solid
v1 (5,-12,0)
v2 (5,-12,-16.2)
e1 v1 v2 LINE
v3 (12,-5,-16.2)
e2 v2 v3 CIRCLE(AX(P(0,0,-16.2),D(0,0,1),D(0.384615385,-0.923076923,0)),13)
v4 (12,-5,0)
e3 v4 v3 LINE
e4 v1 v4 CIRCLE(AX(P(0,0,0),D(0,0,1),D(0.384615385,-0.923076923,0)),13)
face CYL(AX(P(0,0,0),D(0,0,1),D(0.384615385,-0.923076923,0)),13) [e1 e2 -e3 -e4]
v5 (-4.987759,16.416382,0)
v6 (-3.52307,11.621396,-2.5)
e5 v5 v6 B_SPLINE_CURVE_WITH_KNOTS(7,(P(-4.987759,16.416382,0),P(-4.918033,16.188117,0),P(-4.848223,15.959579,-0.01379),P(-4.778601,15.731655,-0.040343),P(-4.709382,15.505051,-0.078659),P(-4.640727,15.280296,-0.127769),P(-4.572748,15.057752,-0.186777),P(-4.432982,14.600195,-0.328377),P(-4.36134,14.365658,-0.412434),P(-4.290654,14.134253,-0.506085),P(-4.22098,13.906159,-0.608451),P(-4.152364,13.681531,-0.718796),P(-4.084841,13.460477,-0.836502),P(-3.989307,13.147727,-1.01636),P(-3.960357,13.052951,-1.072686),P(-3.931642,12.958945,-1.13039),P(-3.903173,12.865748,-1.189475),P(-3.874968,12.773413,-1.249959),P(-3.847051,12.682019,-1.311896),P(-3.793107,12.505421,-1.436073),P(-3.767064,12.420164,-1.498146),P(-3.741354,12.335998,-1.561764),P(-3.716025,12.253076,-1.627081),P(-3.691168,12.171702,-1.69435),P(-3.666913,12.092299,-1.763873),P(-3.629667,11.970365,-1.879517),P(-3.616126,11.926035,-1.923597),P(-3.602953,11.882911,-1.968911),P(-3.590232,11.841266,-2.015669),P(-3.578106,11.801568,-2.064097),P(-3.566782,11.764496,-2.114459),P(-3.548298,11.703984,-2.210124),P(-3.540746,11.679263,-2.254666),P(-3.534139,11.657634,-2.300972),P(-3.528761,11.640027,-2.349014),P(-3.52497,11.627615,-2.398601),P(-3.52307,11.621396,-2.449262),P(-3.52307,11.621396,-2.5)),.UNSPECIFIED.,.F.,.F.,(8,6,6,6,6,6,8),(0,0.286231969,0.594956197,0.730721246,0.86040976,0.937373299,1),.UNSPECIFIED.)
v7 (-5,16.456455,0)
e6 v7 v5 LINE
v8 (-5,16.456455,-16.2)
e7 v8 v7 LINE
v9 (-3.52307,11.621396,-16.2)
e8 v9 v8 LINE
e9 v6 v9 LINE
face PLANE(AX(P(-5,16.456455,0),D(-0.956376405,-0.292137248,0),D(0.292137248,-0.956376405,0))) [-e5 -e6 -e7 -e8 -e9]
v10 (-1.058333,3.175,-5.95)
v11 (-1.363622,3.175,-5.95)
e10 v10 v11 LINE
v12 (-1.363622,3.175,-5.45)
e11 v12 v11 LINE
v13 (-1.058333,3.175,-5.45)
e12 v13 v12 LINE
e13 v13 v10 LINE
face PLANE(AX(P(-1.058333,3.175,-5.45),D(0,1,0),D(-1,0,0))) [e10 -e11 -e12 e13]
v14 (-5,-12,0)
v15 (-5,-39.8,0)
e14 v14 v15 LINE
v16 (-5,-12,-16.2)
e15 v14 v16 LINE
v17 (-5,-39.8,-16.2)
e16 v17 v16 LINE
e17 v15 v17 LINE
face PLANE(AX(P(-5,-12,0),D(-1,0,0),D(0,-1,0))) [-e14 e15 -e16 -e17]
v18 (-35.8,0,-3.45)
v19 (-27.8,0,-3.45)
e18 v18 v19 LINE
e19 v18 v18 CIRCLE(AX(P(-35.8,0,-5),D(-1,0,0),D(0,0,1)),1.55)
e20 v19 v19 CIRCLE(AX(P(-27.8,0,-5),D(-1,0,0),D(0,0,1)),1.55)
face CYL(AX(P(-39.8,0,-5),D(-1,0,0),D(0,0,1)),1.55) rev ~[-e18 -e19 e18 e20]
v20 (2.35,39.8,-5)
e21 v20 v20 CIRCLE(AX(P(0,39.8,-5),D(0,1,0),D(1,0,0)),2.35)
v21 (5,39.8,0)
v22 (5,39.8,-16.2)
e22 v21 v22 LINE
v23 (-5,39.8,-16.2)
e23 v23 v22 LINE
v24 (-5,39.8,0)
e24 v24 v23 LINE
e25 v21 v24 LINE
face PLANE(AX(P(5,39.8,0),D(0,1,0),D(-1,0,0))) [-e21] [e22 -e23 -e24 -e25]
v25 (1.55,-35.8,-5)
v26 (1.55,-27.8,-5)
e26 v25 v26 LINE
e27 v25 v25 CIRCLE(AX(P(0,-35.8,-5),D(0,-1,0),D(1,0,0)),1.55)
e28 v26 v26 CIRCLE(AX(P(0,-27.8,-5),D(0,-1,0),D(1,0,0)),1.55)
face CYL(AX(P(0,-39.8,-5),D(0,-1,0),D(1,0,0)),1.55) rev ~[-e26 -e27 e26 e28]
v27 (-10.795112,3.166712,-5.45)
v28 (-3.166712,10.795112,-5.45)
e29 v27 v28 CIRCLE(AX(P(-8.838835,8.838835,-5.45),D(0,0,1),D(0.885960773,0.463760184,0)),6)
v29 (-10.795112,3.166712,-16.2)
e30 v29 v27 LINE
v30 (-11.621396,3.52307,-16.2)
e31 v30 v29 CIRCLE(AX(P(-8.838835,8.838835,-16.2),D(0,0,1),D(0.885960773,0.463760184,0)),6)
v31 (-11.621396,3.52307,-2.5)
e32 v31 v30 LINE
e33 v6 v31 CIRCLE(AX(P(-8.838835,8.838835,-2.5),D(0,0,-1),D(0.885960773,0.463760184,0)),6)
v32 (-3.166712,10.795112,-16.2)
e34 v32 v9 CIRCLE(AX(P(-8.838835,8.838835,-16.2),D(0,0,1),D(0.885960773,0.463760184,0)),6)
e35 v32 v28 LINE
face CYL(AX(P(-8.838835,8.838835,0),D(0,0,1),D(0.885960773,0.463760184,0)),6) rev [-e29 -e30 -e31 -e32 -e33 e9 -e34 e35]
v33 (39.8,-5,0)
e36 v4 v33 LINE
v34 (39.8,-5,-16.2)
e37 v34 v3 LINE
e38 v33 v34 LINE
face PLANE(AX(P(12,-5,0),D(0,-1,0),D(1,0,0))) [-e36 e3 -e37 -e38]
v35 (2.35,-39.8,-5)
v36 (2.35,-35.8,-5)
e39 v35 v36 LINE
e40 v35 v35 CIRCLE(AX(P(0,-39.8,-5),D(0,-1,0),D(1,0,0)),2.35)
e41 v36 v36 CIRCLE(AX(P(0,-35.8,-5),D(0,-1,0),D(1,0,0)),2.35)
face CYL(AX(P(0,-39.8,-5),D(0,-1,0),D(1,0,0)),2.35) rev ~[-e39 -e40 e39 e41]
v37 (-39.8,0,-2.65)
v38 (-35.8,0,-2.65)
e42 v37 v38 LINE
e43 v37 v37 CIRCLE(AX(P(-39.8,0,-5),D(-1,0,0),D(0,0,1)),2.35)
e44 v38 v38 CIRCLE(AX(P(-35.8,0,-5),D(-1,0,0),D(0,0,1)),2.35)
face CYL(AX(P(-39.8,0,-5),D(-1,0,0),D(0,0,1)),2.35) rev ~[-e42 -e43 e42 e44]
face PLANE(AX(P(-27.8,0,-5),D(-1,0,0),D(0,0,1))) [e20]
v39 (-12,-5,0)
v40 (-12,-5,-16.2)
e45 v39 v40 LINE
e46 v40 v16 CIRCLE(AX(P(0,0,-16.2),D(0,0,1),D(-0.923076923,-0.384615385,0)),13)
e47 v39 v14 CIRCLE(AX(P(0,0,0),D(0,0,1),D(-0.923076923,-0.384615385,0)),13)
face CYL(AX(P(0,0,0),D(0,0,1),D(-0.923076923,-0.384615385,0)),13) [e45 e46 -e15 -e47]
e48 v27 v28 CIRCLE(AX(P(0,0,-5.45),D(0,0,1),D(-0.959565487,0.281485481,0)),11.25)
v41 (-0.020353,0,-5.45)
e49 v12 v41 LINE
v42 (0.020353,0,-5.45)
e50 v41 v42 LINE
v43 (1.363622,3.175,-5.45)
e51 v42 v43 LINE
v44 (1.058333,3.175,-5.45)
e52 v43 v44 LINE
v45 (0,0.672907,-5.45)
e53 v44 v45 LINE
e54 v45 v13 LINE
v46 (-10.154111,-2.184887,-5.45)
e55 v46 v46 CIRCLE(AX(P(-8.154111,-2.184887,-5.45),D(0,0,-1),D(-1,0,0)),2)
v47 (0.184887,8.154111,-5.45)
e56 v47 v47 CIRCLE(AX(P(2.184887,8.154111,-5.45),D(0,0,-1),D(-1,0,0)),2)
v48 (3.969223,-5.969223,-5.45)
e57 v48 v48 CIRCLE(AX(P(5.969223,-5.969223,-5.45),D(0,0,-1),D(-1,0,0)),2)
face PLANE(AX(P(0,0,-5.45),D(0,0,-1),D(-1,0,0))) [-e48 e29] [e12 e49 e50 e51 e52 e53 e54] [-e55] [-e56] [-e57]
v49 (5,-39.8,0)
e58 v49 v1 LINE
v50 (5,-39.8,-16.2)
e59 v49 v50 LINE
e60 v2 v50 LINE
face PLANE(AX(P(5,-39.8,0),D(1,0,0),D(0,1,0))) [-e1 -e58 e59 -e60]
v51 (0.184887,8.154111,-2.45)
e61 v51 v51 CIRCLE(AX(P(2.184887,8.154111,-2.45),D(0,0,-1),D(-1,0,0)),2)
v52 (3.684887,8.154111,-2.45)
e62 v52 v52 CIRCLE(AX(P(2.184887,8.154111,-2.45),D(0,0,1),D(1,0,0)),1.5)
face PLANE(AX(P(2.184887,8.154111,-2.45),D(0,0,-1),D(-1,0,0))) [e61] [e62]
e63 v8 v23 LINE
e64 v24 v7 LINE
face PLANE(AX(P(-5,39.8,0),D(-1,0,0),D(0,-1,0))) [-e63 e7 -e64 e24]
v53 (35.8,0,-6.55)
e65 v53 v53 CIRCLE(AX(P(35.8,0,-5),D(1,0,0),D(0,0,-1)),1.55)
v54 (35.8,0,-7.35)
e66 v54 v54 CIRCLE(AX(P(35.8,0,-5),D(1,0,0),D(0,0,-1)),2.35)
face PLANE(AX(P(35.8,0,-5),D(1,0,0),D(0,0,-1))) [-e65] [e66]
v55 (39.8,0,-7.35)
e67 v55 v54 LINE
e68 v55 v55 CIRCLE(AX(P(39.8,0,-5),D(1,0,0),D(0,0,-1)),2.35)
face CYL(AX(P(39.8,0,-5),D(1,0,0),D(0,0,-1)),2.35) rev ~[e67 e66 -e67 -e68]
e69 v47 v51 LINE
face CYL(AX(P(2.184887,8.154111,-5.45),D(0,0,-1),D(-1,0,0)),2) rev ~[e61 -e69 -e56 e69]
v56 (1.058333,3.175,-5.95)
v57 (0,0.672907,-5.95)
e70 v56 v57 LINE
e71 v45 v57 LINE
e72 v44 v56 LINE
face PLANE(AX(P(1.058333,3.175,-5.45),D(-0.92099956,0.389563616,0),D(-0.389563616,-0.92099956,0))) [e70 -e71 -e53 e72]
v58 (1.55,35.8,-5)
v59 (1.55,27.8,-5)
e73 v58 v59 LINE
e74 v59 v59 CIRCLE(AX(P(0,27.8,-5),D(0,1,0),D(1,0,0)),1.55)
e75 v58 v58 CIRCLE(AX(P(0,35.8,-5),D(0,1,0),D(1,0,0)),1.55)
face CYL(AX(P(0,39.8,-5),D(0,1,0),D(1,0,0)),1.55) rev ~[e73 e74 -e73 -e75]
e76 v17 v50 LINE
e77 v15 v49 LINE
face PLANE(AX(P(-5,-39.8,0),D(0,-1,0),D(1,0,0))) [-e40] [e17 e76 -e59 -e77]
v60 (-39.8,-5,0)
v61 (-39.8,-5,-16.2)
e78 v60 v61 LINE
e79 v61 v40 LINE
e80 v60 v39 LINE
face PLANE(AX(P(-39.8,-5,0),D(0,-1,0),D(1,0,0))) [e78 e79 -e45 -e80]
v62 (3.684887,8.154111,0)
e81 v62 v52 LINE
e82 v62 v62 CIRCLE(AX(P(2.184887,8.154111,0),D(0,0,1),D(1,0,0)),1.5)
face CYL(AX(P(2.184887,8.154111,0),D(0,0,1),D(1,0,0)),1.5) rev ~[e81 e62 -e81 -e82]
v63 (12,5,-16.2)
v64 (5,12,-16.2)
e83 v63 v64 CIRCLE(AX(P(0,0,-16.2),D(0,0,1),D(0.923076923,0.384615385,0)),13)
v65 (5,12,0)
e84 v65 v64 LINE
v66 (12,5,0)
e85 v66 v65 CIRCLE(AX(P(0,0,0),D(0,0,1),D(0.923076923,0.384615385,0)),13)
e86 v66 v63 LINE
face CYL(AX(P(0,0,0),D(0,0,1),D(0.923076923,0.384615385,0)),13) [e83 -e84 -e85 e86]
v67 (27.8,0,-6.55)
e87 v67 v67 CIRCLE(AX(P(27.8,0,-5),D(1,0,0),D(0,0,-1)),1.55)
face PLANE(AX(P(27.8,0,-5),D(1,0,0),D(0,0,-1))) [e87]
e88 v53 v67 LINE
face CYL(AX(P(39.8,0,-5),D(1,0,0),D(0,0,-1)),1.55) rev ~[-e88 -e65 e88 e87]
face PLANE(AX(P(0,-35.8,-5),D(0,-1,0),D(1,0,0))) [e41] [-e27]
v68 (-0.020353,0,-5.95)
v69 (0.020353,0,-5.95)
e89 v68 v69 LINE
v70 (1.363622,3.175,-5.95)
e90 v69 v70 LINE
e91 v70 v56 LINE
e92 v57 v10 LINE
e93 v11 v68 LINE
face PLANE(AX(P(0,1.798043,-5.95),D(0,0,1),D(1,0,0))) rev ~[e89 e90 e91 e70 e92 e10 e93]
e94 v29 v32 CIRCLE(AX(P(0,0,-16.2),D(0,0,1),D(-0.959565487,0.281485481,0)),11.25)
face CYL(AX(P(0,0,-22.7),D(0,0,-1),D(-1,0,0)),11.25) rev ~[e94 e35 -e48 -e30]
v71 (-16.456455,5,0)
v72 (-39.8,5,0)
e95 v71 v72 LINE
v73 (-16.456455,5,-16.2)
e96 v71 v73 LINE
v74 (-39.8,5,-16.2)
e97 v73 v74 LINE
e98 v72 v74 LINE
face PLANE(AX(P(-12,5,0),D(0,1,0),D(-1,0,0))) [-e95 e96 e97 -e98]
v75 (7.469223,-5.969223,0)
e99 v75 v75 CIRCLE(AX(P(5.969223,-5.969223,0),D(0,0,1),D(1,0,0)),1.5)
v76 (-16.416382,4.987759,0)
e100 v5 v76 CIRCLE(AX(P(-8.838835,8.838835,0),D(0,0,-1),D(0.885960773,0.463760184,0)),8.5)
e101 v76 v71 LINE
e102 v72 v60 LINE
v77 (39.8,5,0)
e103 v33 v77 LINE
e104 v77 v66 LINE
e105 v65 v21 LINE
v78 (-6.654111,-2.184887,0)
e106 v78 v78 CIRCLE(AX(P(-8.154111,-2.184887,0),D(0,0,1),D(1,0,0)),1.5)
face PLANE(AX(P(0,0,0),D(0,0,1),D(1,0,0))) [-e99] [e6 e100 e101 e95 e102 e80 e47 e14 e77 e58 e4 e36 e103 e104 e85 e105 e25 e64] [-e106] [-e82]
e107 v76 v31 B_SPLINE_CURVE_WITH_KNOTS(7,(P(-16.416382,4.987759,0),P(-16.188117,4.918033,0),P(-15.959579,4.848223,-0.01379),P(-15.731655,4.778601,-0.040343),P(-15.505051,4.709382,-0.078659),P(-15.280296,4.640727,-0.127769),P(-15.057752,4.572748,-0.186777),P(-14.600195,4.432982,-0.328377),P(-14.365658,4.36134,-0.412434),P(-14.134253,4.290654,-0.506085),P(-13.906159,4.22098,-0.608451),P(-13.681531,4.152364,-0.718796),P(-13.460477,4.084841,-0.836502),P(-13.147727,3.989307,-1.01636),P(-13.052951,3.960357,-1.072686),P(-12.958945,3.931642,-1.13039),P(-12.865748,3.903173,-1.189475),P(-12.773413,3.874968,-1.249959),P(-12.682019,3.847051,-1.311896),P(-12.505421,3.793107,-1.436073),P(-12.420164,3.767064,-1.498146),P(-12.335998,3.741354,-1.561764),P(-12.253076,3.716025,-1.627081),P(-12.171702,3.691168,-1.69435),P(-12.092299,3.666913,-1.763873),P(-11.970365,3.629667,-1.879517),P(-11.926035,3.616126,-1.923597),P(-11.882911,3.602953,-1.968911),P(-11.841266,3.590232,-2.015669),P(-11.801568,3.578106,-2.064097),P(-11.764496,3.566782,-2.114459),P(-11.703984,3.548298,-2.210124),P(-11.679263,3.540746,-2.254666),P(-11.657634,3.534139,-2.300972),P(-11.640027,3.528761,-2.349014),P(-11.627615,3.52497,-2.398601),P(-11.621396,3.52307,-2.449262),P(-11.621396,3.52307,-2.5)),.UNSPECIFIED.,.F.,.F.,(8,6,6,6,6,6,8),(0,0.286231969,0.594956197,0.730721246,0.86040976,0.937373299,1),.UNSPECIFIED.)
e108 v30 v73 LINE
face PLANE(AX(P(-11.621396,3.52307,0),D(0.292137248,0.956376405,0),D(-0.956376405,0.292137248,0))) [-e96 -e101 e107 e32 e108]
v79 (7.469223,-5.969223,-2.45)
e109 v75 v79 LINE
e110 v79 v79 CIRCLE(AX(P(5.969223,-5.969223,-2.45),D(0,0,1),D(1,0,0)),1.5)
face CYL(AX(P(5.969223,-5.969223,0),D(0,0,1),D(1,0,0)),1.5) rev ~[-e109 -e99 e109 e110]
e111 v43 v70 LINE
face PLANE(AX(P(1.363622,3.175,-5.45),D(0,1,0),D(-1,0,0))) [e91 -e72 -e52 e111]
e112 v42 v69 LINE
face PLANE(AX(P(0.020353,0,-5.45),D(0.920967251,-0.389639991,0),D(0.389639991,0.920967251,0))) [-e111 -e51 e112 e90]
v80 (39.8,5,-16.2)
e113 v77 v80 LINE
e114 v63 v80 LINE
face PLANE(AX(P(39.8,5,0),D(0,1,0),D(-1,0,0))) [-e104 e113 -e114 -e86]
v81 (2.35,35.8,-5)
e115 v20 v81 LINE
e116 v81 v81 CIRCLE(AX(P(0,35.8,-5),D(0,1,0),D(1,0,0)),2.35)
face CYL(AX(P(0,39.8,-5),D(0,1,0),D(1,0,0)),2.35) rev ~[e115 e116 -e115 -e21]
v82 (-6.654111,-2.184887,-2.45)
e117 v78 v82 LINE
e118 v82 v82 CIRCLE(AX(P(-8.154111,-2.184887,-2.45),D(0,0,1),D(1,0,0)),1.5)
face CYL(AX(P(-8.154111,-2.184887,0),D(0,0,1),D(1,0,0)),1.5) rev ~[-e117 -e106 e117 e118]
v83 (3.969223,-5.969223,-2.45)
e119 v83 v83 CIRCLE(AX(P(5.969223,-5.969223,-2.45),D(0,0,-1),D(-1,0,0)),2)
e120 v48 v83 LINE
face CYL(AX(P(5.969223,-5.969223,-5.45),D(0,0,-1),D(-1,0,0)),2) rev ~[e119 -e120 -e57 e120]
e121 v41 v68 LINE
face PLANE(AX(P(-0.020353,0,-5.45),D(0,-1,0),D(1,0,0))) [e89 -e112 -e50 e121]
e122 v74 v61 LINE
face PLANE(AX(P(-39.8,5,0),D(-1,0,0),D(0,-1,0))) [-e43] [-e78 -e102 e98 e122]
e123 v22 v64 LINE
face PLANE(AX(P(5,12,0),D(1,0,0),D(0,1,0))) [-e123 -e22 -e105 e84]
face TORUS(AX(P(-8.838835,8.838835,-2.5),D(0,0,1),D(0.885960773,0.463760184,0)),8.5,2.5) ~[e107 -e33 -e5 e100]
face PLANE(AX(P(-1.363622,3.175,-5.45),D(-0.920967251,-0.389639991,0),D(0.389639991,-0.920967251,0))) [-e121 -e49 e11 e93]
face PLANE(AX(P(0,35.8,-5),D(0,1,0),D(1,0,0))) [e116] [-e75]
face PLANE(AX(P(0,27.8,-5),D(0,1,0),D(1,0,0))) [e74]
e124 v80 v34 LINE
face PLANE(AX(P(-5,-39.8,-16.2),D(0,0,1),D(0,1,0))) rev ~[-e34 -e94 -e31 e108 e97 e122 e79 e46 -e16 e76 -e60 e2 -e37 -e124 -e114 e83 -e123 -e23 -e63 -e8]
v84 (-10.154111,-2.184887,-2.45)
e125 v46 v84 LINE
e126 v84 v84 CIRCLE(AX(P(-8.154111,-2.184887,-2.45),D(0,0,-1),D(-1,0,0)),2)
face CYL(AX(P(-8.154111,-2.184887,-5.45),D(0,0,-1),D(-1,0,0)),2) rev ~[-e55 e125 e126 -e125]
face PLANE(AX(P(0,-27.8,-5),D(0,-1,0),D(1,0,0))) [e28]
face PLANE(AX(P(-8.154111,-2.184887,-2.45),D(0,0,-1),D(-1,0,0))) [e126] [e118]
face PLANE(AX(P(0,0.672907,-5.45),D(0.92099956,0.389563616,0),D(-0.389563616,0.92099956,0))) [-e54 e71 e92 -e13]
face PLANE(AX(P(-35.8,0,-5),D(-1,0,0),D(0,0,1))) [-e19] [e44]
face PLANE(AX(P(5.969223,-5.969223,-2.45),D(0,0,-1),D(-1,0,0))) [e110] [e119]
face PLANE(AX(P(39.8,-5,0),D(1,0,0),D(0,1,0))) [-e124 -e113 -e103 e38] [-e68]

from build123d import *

# Parameters (mm, degrees)
BOSS_EXTRUDE1_DEPTH     = 22.7
SKETCH5_R               = 1.5
CUT_EXTRUDE1_DEPTH      = 70
CUT_EXTRUDE3_DEPTH      = 17.25
CUT_EXTRUDE3_DEPTH_BACK = 17.25
SKETCH6_R               = 11.25
SKETCH7_R               = 2
CUT_EXTRUDE4_DEPTH      = 3
CUT_EXTRUDE5_DEPTH      = 58
CUT_EXTRUDE5_DEPTH_BACK = 66
SKETCH8_W               = 6.5
SKETCH8_H               = 79.6
SKETCH9_R               = 2.35
SKETCH9_R_2             = 1.55
CUT_EXTRUDE7_DEPTH      = 4
SKETCH9_3_R             = 1.55
CUT_EXTRUDE20_DEPTH     = 12
SKETCH21_R              = 2.35
SKETCH21_R_2            = 1.55
CUT_EXTRUDE22_DEPTH     = 4
SKETCH21_2_R            = 1.55
CUT_EXTRUDE23_DEPTH     = 12
CUT_EXTRUDE24_START     = -4
SKETCH19_R              = 2.35
SKETCH19_R_2            = 1.55
CUT_EXTRUDE24_DEPTH     = 4
CUT_EXTRUDE25_START     = -12
SKETCH19_2_R            = 1.55
CUT_EXTRUDE25_DEPTH     = 12
CUT_EXTRUDE26_START     = -4
SKETCH20_R              = 2.35
SKETCH20_R_2            = 1.55
CUT_EXTRUDE26_DEPTH     = 4
CUT_EXTRUDE27_START     = -12
SKETCH20_2_R            = 1.55
CUT_EXTRUDE27_DEPTH     = 12
FILLET2_R               = 2.5
BOSS_EXTRUDE2_DEPTH     = 0.5


with BuildPart() as part:
    # Sketch4 → Boss-Extrude1 (new body)
    with BuildSketch(Plane.XY):
        with BuildLine():
            Line((-5, 39.8), (-5, 12))
            ThreePointArc((-5, 12), (-9.192388155, 9.192388155), (-12, 5))
            Line((-12, 5), (-39.8, 5))
            Line((-39.8, 5), (-39.8, -5))
            Line((-39.8, -5), (-12, -5))
            ThreePointArc((-12, -5), (-9.192388155, -9.192388155), (-5, -12))
            Line((-5, -12), (-5, -39.8))
            Line((-5, -39.8), (5, -39.8))
            Line((5, -39.8), (5, -12))
            ThreePointArc((5, -12), (9.192388155, -9.192388155), (12, -5))
            Line((12, -5), (39.8, -5))
            Line((39.8, -5), (39.8, 5))
            Line((39.8, 5), (12, 5))
            ThreePointArc((12, 5), (9.192388155, 9.192388155), (5, 12))
            Line((5, 12), (5, 39.8))
            Line((5, 39.8), (-5, 39.8))
        make_face()
    extrude(amount=-BOSS_EXTRUDE1_DEPTH)

    # Sketch5 → Cut-Extrude1 (cut)
    with BuildSketch(Plane.XY):
        with Locations((2.184887392, 8.154110756)):
            Circle(SKETCH5_R)
        with Locations((-8.154110756, -2.184887392)):
            Circle(SKETCH5_R)
        with Locations((5.969223364, -5.969223364)):
            Circle(SKETCH5_R)
        with BuildLine():
            Line((-5, 16.456455054), (-3.523070126, 11.621395871))
            ThreePointArc((-3.523070126, 11.621395871), (-4.596194078, 4.596194078), (-11.621395871, 3.523070126))
            Line((-11.621395871, 3.523070126), (-16.456455054, 5))
            Line((-16.456455054, 5), (-14.526937175, 6.929517879))
            ThreePointArc((-14.526937175, 6.929517879), (-13.081475452, 13.081475452), (-6.929517879, 14.526937175))
            Line((-6.929517879, 14.526937175), (-5, 16.456455054))
        make_face()
    extrude(amount=-CUT_EXTRUDE1_DEPTH, mode=Mode.SUBTRACT)

    # Sketch6 → Cut-Extrude3 (cut, two sides: drawn at the far end of the back side and taken through both)
    with BuildSketch(Plane(origin=(0, 0, -22.7), x_dir=(-1, 0, 0), z_dir=(0, 0, -1)).offset(-CUT_EXTRUDE3_DEPTH_BACK)):
        Circle(SKETCH6_R)
    extrude(amount=CUT_EXTRUDE3_DEPTH + CUT_EXTRUDE3_DEPTH_BACK, mode=Mode.SUBTRACT)

    # Sketch7 → Cut-Extrude4 (cut)
    with BuildSketch(Plane(origin=(0, 0, -5.45), x_dir=(-1, 0, 0), z_dir=(0, 0, -1))):
        with Locations((-2.184887392, 8.154110756)):
            Circle(SKETCH7_R)
        with Locations((-5.969223364, -5.969223364)):
            Circle(SKETCH7_R)
        with Locations((8.154110756, -2.184887392)):
            Circle(SKETCH7_R)
    extrude(amount=-CUT_EXTRUDE4_DEPTH, mode=Mode.SUBTRACT)

    # Sketch8 → Cut-Extrude5 (cut, two sides: drawn at the far end of the back side and taken through both)
    with BuildSketch(Plane.ZY.offset(5).offset(-CUT_EXTRUDE5_DEPTH_BACK)):
        with Locations((-19.45, 0)):
            Rectangle(SKETCH8_W, SKETCH8_H)
    extrude(amount=CUT_EXTRUDE5_DEPTH + CUT_EXTRUDE5_DEPTH_BACK, mode=Mode.SUBTRACT)

    # Sketch9 → Cut-Extrude7 (cut)
    with BuildSketch(Plane(origin=(0, 39.8, 0), x_dir=(1, 0, 0), z_dir=(0, 1, 0))):
        with Locations((0, 5)):
            Circle(SKETCH9_R)
        with Locations((0, 5)):
            Circle(SKETCH9_R_2, mode=Mode.SUBTRACT)
    extrude(amount=-CUT_EXTRUDE7_DEPTH, mode=Mode.SUBTRACT)

    # Sketch9<3> → Cut-Extrude20 (cut)
    with BuildSketch(Plane(origin=(0, 39.8, 0), x_dir=(1, 0, 0), z_dir=(0, 1, 0))):
        with Locations((0, 5)):
            Circle(SKETCH9_3_R)
    extrude(amount=-CUT_EXTRUDE20_DEPTH, mode=Mode.SUBTRACT)

    # Sketch21 → Cut-Extrude22 (cut)
    with BuildSketch(Plane.ZY.offset(39.8)):
        with Locations((-5, 0)):
            Circle(SKETCH21_R)
        with Locations((-5, 0)):
            Circle(SKETCH21_R_2, mode=Mode.SUBTRACT)
    extrude(amount=-CUT_EXTRUDE22_DEPTH, mode=Mode.SUBTRACT)

    # Sketch21<2> → Cut-Extrude23 (cut)
    with BuildSketch(Plane.ZY.offset(39.8)):
        with Locations((-5, 0)):
            Circle(SKETCH21_2_R)
    extrude(amount=-CUT_EXTRUDE23_DEPTH, mode=Mode.SUBTRACT)

    # Sketch19 → Cut-Extrude24 (cut)
    with BuildSketch(Plane(origin=(39.8, 0, 0), x_dir=(0, 0, -1), z_dir=(1, 0, 0)).offset(CUT_EXTRUDE24_START)):
        with Locations((5, 0)):
            Circle(SKETCH19_R)
        with Locations((5, 0)):
            Circle(SKETCH19_R_2, mode=Mode.SUBTRACT)
    extrude(amount=CUT_EXTRUDE24_DEPTH, mode=Mode.SUBTRACT)

    # Sketch19<2> → Cut-Extrude25 (cut)
    with BuildSketch(Plane(origin=(39.8, 0, 0), x_dir=(0, 0, -1), z_dir=(1, 0, 0)).offset(CUT_EXTRUDE25_START)):
        with Locations((5, 0)):
            Circle(SKETCH19_2_R)
    extrude(amount=CUT_EXTRUDE25_DEPTH, mode=Mode.SUBTRACT)

    # Sketch20 → Cut-Extrude26 (cut)
    with BuildSketch(Plane.XZ.offset(39.8).offset(CUT_EXTRUDE26_START)):
        with Locations((0, -5)):
            Circle(SKETCH20_R)
        with Locations((0, -5)):
            Circle(SKETCH20_R_2, mode=Mode.SUBTRACT)
    extrude(amount=CUT_EXTRUDE26_DEPTH, mode=Mode.SUBTRACT)

    # Sketch20<2> → Cut-Extrude27 (cut)
    with BuildSketch(Plane.XZ.offset(39.8).offset(CUT_EXTRUDE27_START)):
        with Locations((0, -5)):
            Circle(SKETCH20_2_R)
    extrude(amount=CUT_EXTRUDE27_DEPTH, mode=Mode.SUBTRACT)

    # Fillet2
    fillet2_edges = [part.edges().sort_by_distance(p)[0] for p in [
        (-4.596194078, 4.596194078, 0),
    ]]
    fillet(fillet2_edges, radius=FILLET2_R)

    # Sketch22 → Boss-Extrude2 (add)
    with BuildSketch(Plane(origin=(0, 0, -5.45), x_dir=(-1, 0, 0), z_dir=(0, 0, -1))):
        Polygon((-1.363621795, 3.175), (-1.058333333, 3.175), (0, 0.672906651), (1.058333333, 3.175), (1.363621795, 3.175), (0.020352564, 0), (-0.020352564, 0), align=None)
    extrude(amount=BOSS_EXTRUDE2_DEPTH)


solid = part.part
